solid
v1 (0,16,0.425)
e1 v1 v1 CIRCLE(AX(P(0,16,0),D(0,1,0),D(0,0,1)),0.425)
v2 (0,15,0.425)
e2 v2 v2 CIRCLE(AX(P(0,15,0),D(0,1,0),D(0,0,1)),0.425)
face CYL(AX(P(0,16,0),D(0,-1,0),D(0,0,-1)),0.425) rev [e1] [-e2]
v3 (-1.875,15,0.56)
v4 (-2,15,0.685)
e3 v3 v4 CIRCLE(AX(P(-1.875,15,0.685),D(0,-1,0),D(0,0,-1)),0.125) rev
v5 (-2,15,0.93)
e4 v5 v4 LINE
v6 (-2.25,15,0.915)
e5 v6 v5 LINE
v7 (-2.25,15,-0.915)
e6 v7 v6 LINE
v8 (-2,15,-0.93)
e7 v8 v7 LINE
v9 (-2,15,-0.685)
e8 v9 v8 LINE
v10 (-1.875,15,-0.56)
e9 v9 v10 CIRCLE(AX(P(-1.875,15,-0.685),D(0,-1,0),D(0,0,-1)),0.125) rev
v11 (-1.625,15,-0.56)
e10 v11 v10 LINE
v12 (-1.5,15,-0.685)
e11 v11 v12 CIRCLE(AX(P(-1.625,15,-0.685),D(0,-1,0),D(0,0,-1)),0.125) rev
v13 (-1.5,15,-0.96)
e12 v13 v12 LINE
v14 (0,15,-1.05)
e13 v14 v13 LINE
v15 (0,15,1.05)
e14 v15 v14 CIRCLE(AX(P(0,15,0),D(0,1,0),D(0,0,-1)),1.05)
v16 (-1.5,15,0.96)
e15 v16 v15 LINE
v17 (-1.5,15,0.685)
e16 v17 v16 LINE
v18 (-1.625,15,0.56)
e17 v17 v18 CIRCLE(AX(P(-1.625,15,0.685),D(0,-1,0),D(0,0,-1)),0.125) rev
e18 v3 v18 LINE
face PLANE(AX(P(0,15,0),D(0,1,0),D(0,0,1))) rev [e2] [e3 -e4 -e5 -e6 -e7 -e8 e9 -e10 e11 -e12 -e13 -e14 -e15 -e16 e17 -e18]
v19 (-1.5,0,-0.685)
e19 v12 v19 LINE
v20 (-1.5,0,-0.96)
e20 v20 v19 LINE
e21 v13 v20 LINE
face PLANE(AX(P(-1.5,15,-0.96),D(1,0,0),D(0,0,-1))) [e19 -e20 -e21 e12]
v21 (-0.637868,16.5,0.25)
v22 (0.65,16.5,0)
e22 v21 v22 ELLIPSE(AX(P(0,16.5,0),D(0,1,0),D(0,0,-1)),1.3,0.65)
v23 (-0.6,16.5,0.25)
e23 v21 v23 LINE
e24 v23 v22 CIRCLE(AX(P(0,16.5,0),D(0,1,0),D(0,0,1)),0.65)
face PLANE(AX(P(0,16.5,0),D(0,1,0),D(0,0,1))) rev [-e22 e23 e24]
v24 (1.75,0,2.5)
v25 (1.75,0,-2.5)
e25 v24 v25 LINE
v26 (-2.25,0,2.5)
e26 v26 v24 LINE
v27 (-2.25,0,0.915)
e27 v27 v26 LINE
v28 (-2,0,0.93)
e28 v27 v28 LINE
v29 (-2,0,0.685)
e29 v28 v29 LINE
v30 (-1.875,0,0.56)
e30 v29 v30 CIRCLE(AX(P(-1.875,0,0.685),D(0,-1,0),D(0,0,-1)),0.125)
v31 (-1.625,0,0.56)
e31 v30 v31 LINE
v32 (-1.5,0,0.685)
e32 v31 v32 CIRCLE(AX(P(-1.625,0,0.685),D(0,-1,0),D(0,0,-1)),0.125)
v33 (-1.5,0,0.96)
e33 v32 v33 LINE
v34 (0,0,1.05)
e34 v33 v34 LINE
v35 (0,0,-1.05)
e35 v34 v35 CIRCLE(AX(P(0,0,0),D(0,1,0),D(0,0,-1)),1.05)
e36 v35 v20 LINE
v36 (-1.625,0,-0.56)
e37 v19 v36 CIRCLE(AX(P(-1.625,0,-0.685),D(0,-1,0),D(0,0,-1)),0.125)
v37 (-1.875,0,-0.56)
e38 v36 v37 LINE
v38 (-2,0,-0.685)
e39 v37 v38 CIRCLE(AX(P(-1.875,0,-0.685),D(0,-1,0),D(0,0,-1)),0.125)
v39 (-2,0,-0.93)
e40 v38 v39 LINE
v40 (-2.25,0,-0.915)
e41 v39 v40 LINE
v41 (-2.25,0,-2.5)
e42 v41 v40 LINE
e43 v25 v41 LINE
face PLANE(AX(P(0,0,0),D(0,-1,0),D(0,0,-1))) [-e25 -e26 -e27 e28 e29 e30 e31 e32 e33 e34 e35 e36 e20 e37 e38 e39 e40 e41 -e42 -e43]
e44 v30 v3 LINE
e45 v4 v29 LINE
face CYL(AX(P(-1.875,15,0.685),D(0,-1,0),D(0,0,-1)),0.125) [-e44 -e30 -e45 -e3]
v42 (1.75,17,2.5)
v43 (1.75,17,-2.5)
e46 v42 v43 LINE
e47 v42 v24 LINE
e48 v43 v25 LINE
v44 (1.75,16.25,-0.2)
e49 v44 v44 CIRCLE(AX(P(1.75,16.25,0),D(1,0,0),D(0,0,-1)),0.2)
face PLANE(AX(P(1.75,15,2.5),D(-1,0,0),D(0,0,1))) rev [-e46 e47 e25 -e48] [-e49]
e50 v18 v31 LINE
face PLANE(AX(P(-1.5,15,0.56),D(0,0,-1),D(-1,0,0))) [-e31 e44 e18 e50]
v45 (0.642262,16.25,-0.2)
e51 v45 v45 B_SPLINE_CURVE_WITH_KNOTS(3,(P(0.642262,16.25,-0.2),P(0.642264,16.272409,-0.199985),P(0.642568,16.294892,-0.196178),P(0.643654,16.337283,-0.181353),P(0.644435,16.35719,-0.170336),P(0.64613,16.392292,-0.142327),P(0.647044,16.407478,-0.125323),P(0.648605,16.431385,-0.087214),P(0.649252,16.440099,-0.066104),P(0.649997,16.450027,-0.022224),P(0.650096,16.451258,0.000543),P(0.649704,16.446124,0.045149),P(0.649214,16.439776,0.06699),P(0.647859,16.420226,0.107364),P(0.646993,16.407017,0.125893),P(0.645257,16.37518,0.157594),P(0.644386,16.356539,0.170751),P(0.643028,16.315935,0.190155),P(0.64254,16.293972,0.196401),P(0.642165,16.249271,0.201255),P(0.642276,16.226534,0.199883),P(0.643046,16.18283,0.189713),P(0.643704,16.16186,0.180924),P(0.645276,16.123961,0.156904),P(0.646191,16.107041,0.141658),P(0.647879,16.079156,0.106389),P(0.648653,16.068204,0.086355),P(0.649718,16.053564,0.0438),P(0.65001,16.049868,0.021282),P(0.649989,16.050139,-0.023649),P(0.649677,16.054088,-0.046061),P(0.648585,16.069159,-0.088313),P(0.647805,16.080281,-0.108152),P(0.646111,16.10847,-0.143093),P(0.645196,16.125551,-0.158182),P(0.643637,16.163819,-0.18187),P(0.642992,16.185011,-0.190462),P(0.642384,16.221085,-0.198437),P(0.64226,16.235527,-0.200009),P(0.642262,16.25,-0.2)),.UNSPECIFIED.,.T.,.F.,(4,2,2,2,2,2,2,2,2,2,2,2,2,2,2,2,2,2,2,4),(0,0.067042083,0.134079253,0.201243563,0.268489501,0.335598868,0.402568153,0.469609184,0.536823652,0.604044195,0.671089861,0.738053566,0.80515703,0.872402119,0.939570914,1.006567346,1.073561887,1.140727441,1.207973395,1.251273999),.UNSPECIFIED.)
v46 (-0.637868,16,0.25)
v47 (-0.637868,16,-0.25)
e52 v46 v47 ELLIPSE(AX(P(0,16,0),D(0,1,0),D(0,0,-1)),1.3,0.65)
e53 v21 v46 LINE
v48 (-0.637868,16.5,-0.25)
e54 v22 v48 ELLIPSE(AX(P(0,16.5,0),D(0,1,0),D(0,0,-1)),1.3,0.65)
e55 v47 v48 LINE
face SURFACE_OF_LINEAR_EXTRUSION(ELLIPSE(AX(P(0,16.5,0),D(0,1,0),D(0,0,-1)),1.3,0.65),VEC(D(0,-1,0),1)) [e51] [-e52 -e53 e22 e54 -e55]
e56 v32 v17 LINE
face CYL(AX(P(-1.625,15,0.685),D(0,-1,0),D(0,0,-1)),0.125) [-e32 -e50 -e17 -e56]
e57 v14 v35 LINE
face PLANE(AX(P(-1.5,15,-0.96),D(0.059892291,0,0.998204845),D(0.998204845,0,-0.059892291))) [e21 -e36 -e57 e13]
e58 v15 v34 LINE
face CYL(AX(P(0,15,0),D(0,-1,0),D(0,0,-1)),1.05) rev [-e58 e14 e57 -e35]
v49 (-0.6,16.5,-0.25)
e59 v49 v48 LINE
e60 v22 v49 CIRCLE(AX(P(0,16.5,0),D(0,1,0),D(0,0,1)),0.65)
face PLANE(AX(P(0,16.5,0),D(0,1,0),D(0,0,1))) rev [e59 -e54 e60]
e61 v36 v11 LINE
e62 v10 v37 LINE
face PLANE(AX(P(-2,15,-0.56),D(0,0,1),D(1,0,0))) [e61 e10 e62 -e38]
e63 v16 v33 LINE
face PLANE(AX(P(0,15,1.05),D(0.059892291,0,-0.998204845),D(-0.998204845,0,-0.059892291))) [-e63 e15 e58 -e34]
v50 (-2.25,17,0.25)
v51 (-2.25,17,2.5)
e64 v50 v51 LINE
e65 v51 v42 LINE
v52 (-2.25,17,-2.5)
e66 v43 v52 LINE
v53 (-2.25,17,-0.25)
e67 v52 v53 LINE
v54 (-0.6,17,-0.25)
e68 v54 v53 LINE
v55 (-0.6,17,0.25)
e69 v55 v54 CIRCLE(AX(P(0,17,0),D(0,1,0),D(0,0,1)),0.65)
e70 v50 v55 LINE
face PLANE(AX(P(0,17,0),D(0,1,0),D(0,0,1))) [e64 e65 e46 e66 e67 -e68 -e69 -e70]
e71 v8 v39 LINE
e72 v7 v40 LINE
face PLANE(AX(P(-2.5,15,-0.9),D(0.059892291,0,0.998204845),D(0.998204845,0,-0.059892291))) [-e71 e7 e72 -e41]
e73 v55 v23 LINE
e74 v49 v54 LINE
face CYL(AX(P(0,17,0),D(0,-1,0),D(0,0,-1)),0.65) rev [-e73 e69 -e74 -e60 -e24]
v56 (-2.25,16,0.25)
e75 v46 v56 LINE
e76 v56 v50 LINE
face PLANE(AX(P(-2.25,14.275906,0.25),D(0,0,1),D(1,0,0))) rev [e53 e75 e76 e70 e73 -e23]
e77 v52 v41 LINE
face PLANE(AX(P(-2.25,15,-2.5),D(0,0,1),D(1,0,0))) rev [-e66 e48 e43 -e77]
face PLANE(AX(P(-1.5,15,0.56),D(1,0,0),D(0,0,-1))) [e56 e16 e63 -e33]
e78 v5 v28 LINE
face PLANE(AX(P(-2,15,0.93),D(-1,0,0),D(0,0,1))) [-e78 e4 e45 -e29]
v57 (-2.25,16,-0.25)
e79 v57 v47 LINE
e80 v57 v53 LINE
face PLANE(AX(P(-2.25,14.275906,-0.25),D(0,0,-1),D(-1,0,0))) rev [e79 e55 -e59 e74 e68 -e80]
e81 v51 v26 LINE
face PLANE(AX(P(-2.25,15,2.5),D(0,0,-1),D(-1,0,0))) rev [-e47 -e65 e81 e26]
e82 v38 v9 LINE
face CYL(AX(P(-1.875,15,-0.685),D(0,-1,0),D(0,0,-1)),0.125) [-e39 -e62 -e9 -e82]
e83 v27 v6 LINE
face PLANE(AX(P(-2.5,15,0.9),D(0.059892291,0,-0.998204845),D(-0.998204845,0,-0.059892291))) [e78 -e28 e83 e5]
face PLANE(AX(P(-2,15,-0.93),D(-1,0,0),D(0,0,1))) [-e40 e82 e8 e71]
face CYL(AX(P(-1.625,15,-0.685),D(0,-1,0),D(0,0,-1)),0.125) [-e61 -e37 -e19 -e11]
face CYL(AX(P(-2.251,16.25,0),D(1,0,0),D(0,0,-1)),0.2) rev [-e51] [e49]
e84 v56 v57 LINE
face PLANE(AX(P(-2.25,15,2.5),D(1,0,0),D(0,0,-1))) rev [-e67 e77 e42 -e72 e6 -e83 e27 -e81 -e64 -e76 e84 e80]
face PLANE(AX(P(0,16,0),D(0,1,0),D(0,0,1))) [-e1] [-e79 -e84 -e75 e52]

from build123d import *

# Parameters (mm, degrees)
SKETCH5_W           = 4
SKETCH5_H           = 5
BOSS_EXTRUDE3_DEPTH = 15
CUT_EXTRUDE1_DEPTH  = 16.37245914
FILLET1_R           = 0.125
SKETCH6_W           = 4
SKETCH6_H           = 5
SKETCH6_R           = 0.425
BOSS_EXTRUDE4_DEPTH = 1
SKETCH7_W           = 4
SKETCH7_H           = 5
SKETCH7_RX          = 1.3
SKETCH7_RY          = 0.65
BOSS_EXTRUDE5_DEPTH = 0.5
SKETCH9_W           = 4
SKETCH9_H           = 5
SKETCH9_R           = 0.65
BOSS_EXTRUDE6_DEPTH = 0.5
CUT_EXTRUDE2_REACH  = 19.33
SKETCH10_W          = 1.65
SKETCH10_H          = 0.5
CUT_EXTRUDE3_REACH  = 19.642
SKETCH11_R          = 0.2


with BuildPart() as part:
    # Sketch5 → Boss-Extrude3 (new body)
    with BuildSketch(Plane(origin=(0, 0, 0), x_dir=(1, 0, 0), z_dir=(0, 1, 0))):
        with Locations((-0.25, 0)):
            Rectangle(SKETCH5_W, SKETCH5_H)
    extrude(amount=BOSS_EXTRUDE3_DEPTH)

    # Sketch3 → Cut-Extrude1 (cut, through all)
    with BuildSketch(Plane(origin=(0, 0, 0), x_dir=(1, 0, 0), z_dir=(0, 1, 0))):
        with BuildLine():
            Line((-2.5, 0.9), (-2, 0.93))
            Line((-2, 0.93), (-2, 0.56))
            Line((-2, 0.56), (-1.5, 0.56))
            Line((-1.5, 0.56), (-1.5, 0.96))
            Line((-1.5, 0.96), (0, 1.05))
            ThreePointArc((0, 1.05), (1.05, 0), (0, -1.05))
            Line((0, -1.05), (-1.5, -0.96))
            Line((-1.5, -0.96), (-1.5, -0.56))
            Line((-1.5, -0.56), (-2, -0.56))
            Line((-2, -0.56), (-2, -0.93))
            Line((-2, -0.93), (-2.5, -0.9))
            Line((-2.5, -0.9), (-5, -0.9))
            ThreePointArc((-5, -0.9), (-5.9, 0), (-5, 0.9))
            Line((-5, 0.9), (-2.5, 0.9))
        make_face()
    extrude(amount=CUT_EXTRUDE1_DEPTH, mode=Mode.SUBTRACT)

    # Fillet1
    fillet1_edges = [part.edges().sort_by_distance(p)[0] for p in [
        (-1.5, 7.5, -0.56),
        (-2, 7.5, -0.56),
        (-2, 7.5, 0.56),
        (-1.5, 7.5, 0.56),
    ]]
    fillet(fillet1_edges, radius=FILLET1_R)

    # Sketch6 → Boss-Extrude4 (add)
    with BuildSketch(Plane(origin=(0, 15, 0), x_dir=(1, 0, 0), z_dir=(0, 1, 0))):
        with Locations((-0.25, 0)):
            Rectangle(SKETCH6_W, SKETCH6_H)
        with Locations(Location((0, 0, 0), (0, 0, 270))):
            Circle(SKETCH6_R, mode=Mode.SUBTRACT)
    extrude(amount=BOSS_EXTRUDE4_DEPTH)

    # Sketch7 → Boss-Extrude5 (add)
    with BuildSketch(Plane(origin=(0, 16, 0), x_dir=(1, 0, 0), z_dir=(0, 1, 0))):
        with Locations((-0.25, 0)):
            Rectangle(SKETCH7_W, SKETCH7_H)
        with Locations(Location((0, 0), (0, 0, 90))):
            Ellipse(SKETCH7_RX, SKETCH7_RY, mode=Mode.SUBTRACT)
    extrude(amount=BOSS_EXTRUDE5_DEPTH)

    # Sketch9 → Boss-Extrude6 (add)
    with BuildSketch(Plane(origin=(0, 16.5, 0), x_dir=(1, 0, 0), z_dir=(0, 1, 0))):
        with Locations((-0.25, 0)):
            Rectangle(SKETCH9_W, SKETCH9_H)
        Circle(SKETCH9_R, mode=Mode.SUBTRACT)
    extrude(amount=BOSS_EXTRUDE6_DEPTH)

    # Cut-Extrude2: up to this face of the body (flat: up to its plane)
    cut_extrude2_end = Plane(part.part.faces().sort_by_distance((0.0037652, 16, 1.270907163))[0])
    # Sketch10 → Cut-Extrude2 (cut, up to the picked face)
    with BuildSketch(Plane(origin=(0, 17, 0), x_dir=(1, 0, 0), z_dir=(0, 1, 0)), mode=Mode.PRIVATE) as cut_extrude2_sk1:
        with Locations((-1.425, 0)):
            Rectangle(SKETCH10_W, SKETCH10_H)
    cut_extrude2_tool1 = split(extrude(cut_extrude2_sk1.sketch, amount=-CUT_EXTRUDE2_REACH, mode=Mode.PRIVATE), bisect_by=cut_extrude2_end, keep=Keep.BOTH, mode=Mode.PRIVATE)
    add(cut_extrude2_tool1.solids().sort_by(Axis((-1.425, 17, 0), (0, -1, 0)))[0], mode=Mode.SUBTRACT)

    # Sketch11 → Cut-Extrude3 (cut, up to next)
    with BuildSketch(Plane(origin=(1.75, 0, 0), x_dir=(0, 0, -1), z_dir=(1, 0, 0)), mode=Mode.PRIVATE) as cut_extrude3_sk1:
        with Locations((0, 16.25)):
            Circle(SKETCH11_R)
    cut_extrude3_tool1 = extrude(cut_extrude3_sk1.sketch, amount=-CUT_EXTRUDE3_REACH, mode=Mode.PRIVATE) & part.part
    add(cut_extrude3_tool1.solids().sort_by_distance((1.75, 16.25, 0))[0], mode=Mode.SUBTRACT)


solid = part.part
